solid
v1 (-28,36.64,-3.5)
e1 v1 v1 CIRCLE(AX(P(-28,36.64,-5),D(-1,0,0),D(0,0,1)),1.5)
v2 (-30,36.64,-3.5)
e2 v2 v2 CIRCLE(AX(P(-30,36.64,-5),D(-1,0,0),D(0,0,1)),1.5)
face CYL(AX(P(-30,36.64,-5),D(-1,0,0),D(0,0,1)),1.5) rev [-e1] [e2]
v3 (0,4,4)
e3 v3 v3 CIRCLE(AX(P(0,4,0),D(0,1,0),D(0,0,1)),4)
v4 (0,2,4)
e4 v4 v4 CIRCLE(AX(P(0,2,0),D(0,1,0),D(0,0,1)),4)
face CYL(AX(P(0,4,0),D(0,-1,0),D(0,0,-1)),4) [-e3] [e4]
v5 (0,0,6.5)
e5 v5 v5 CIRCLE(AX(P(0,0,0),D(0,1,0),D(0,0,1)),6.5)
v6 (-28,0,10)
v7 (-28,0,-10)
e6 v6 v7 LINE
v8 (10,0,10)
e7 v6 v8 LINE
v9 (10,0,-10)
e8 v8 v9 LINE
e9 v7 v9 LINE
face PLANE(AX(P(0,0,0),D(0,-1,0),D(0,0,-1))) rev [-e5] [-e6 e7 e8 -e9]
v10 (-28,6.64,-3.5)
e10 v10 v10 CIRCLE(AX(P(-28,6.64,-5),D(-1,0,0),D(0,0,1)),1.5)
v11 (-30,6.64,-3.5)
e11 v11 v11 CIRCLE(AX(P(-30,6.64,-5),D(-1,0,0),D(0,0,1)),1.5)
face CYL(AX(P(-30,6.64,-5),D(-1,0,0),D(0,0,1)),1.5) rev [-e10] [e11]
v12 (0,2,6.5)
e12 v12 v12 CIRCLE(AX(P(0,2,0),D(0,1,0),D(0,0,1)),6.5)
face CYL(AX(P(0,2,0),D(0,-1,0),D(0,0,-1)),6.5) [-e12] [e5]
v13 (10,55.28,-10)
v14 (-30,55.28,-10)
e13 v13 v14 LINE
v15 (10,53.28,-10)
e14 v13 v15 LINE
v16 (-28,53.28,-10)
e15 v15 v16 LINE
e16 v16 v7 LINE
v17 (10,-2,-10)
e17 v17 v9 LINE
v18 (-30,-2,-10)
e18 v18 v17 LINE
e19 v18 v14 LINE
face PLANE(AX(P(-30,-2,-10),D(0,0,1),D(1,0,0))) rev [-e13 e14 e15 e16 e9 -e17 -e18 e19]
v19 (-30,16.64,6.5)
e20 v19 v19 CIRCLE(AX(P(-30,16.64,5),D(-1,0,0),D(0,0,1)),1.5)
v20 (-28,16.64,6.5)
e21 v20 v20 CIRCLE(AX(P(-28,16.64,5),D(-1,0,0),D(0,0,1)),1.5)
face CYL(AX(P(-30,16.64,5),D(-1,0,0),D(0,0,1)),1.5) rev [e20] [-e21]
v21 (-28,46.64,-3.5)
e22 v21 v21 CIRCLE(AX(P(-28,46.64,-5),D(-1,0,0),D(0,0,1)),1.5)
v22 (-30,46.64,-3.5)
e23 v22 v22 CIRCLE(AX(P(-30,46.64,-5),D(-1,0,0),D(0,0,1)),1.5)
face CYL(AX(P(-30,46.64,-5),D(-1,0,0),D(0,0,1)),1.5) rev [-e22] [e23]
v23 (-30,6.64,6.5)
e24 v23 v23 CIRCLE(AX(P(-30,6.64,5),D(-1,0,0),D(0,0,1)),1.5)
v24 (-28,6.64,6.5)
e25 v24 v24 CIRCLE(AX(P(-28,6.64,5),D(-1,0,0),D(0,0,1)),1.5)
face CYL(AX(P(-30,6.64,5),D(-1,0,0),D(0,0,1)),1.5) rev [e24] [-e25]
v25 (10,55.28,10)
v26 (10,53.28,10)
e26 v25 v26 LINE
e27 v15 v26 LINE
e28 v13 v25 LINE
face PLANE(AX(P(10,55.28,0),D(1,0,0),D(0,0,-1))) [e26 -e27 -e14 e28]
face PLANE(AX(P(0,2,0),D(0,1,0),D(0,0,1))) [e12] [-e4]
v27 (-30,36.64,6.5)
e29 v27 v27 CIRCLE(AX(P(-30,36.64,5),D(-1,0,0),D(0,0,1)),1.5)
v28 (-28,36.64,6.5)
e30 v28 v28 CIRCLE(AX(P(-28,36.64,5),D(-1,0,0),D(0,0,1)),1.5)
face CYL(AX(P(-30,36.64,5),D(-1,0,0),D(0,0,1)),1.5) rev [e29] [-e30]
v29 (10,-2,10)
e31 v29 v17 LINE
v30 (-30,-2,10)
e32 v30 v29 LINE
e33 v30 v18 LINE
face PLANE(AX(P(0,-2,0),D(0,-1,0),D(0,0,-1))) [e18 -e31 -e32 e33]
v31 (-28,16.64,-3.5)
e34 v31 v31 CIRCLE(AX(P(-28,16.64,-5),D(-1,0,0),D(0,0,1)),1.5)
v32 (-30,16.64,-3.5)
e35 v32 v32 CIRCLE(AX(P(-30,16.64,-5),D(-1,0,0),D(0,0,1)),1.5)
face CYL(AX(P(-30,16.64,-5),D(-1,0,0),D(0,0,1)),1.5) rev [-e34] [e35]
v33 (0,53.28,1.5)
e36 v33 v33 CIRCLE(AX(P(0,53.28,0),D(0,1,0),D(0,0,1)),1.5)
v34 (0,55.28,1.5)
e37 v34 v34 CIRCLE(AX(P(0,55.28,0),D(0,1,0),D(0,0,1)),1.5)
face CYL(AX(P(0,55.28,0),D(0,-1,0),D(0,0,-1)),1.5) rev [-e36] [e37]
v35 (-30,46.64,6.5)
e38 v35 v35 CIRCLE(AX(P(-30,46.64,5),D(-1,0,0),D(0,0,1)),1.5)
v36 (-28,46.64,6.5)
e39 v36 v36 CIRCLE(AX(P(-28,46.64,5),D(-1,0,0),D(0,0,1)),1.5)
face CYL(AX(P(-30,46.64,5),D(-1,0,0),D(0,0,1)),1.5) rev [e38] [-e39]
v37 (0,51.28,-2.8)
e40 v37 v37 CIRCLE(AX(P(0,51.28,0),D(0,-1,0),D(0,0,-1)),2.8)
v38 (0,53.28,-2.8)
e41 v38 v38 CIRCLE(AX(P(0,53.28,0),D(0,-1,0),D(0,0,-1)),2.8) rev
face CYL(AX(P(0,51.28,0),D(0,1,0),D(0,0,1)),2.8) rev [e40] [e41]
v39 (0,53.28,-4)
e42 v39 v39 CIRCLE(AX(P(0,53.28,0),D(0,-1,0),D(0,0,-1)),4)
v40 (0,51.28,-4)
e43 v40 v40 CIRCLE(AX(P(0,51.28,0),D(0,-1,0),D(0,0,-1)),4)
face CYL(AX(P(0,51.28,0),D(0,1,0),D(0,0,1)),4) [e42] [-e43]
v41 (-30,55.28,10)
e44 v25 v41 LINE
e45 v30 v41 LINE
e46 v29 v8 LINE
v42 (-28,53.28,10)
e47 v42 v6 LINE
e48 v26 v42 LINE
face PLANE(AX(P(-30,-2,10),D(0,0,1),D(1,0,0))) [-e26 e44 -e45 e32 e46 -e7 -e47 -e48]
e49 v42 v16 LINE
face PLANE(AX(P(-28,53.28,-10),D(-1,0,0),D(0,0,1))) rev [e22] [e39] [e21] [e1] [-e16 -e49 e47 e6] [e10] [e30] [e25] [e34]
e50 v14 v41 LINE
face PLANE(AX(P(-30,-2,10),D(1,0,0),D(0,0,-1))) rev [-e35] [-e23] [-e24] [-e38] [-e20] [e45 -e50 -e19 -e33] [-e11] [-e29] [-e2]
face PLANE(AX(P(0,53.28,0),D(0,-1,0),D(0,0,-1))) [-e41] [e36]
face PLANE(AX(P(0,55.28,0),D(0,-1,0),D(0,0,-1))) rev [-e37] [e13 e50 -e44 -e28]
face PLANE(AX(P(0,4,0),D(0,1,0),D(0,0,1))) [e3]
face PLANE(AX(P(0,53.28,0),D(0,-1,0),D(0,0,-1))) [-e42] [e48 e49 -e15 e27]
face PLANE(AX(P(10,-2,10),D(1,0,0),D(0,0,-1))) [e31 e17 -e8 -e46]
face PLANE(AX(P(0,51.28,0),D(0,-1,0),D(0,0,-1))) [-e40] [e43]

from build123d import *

# Parameters (mm, degrees)
SKETCH1_R                 = 6.5
SKETCH1_R_2               = 4
SKETCH1_R_3               = 2.8
SKETCH1_R_4               = 1.5
BOSS_EXTRUDE1_DEPTH       = 2
BOSS_EXTRUDE2_START       = 2
SKETCH1_3_R               = 4
SKETCH1_3_R_2             = 2.8
SKETCH1_3_R_3             = 1.5
BOSS_EXTRUDE2_DEPTH       = 2
SKETCH1_4_W               = 40
SKETCH1_4_H               = 20
BOSS_EXTRUDE3_DEPTH       = 2
SKETCH2_W                 = 2
SKETCH2_H                 = 20
BOSS_EXTRUDE4_DEPTH       = 53.28
BOSS_EXTRUDE5_START       = 53.28
SKETCH1_5_W               = 40
SKETCH1_5_H               = 20
SKETCH1_5_R               = 6.5
SKETCH1_5_R_2             = 4
SKETCH1_5_R_3             = 2.8
SKETCH1_5_R_4             = 1.5
BOSS_EXTRUDE5_DEPTH       = 2
BOSS_EXTRUDE6_START       = 51.28
SKETCH1_6_R               = 4
SKETCH1_6_R_2             = 2.8
BOSS_EXTRUDE6_DEPTH       = 2
F_3_0MM_DOWEL_HOLE1_D     = 3
F_3_0MM_DOWEL_HOLE1_DEPTH = 7
F_3_0MM_DOWEL_HOLE1_TIP   = 0.901290929


with BuildPart() as part:
    # Sketch1 → Boss-Extrude1 (new body)
    # profile 1 of 4: a face of its own
    with BuildSketch(Plane(origin=(0, 0, 0), x_dir=(1, 0, 0), z_dir=(0, 1, 0))):
        with Locations(Location((0, 0, 0), (0, 0, 270))):
            Circle(SKETCH1_R)
        Circle(SKETCH1_R_2, mode=Mode.SUBTRACT)
    # profile 2 of 4: a face of its own
    with BuildSketch(Plane(origin=(0, 0, 0), x_dir=(1, 0, 0), z_dir=(0, 1, 0))):
        Circle(SKETCH1_R_2)
        Circle(SKETCH1_R_3, mode=Mode.SUBTRACT)
    # profile 3 of 4: a face of its own
    with BuildSketch(Plane(origin=(0, 0, 0), x_dir=(1, 0, 0), z_dir=(0, 1, 0))):
        Circle(SKETCH1_R_3)
        Circle(SKETCH1_R_4, mode=Mode.SUBTRACT)
    # profile 4 of 4: a face of its own
    with BuildSketch(Plane(origin=(0, 0, 0), x_dir=(1, 0, 0), z_dir=(0, 1, 0))):
        Circle(SKETCH1_R_4)
    extrude(amount=BOSS_EXTRUDE1_DEPTH)

    # Sketch1<3> → Boss-Extrude2 (add)
    # profile 1 of 3: a face of its own
    with BuildSketch(Plane(origin=(0, 0, 0), x_dir=(1, 0, 0), z_dir=(0, 1, 0)).offset(BOSS_EXTRUDE2_START)):
        with Locations(Location((0, 0, 0), (0, 0, 270))):
            Circle(SKETCH1_3_R)
        Circle(SKETCH1_3_R_2, mode=Mode.SUBTRACT)
    # profile 2 of 3: a face of its own
    with BuildSketch(Plane(origin=(0, 0, 0), x_dir=(1, 0, 0), z_dir=(0, 1, 0)).offset(BOSS_EXTRUDE2_START)):
        Circle(SKETCH1_3_R_2)
        Circle(SKETCH1_3_R_3, mode=Mode.SUBTRACT)
    # profile 3 of 3: a face of its own
    with BuildSketch(Plane(origin=(0, 0, 0), x_dir=(1, 0, 0), z_dir=(0, 1, 0)).offset(BOSS_EXTRUDE2_START)):
        Circle(SKETCH1_3_R_3)
    extrude(amount=BOSS_EXTRUDE2_DEPTH)

    # Sketch1<4> → Boss-Extrude3 (add)
    with BuildSketch(Plane(origin=(0, 0, 0), x_dir=(1, 0, 0), z_dir=(0, 1, 0))):
        with Locations((-10, 0)):
            Rectangle(SKETCH1_4_W, SKETCH1_4_H)
    extrude(amount=-BOSS_EXTRUDE3_DEPTH)

    # Sketch2 → Boss-Extrude4 (add)
    with BuildSketch(Plane(origin=(0, 0, 0), x_dir=(1, 0, 0), z_dir=(0, 1, 0))):
        with Locations((-29, 0)):
            Rectangle(SKETCH2_W, SKETCH2_H)
    extrude(amount=BOSS_EXTRUDE4_DEPTH)

    # Sketch1<5> → Boss-Extrude5 (add)
    # profile 1 of 4: a face of its own
    with BuildSketch(Plane(origin=(0, 0, 0), x_dir=(1, 0, 0), z_dir=(0, 1, 0)).offset(BOSS_EXTRUDE5_START)):
        with Locations((-10, 0)):
            Rectangle(SKETCH1_5_W, SKETCH1_5_H)
        with Locations(Location((0, 0, 0), (0, 0, 270))):
            Circle(SKETCH1_5_R, mode=Mode.SUBTRACT)
    # profile 2 of 4: a face of its own
    with BuildSketch(Plane(origin=(0, 0, 0), x_dir=(1, 0, 0), z_dir=(0, 1, 0)).offset(BOSS_EXTRUDE5_START)):
        with Locations(Location((0, 0, 0), (0, 0, 270))):
            Circle(SKETCH1_5_R)
        with Locations(Location((0, 0, 0), (0, 0, 270))):
            Circle(SKETCH1_5_R_2, mode=Mode.SUBTRACT)
    # profile 3 of 4: a face of its own
    with BuildSketch(Plane(origin=(0, 0, 0), x_dir=(1, 0, 0), z_dir=(0, 1, 0)).offset(BOSS_EXTRUDE5_START)):
        with Locations(Location((0, 0, 0), (0, 0, 270))):
            Circle(SKETCH1_5_R_2)
        Circle(SKETCH1_5_R_3, mode=Mode.SUBTRACT)
    # profile 4 of 4: a face of its own
    with BuildSketch(Plane(origin=(0, 0, 0), x_dir=(1, 0, 0), z_dir=(0, 1, 0)).offset(BOSS_EXTRUDE5_START)):
        Circle(SKETCH1_5_R_3)
        with Locations(Location((0, 0, 0), (0, 0, 270))):
            Circle(SKETCH1_5_R_4, mode=Mode.SUBTRACT)
    extrude(amount=BOSS_EXTRUDE5_DEPTH)

    # Sketch1<6> → Boss-Extrude6 (add)
    with BuildSketch(Plane(origin=(0, 0, 0), x_dir=(1, 0, 0), z_dir=(0, 1, 0)).offset(BOSS_EXTRUDE6_START)):
        with Locations(Location((0, 0, 0), (0, 0, 270))):
            Circle(SKETCH1_6_R)
        with Locations(Location((0, 0, 0), (0, 0, 90))):
            Circle(SKETCH1_6_R_2, mode=Mode.SUBTRACT)
    extrude(amount=BOSS_EXTRUDE6_DEPTH)

    # Ø3.0mm Dowel Hole1
    with Locations(Plane.ZY.offset(30)):
        with Locations((-5, 46.64), (5, 46.64), (-5, 36.64), (5, 36.64), (-5, 16.64), (5, 16.64), (-5, 6.64), (5, 6.64)):
            Hole(F_3_0MM_DOWEL_HOLE1_D / 2, depth=F_3_0MM_DOWEL_HOLE1_DEPTH)
            with Locations((0, 0, -(F_3_0MM_DOWEL_HOLE1_DEPTH + F_3_0MM_DOWEL_HOLE1_TIP / 2))):  # 118° drill point
                Cone(0, F_3_0MM_DOWEL_HOLE1_D / 2, F_3_0MM_DOWEL_HOLE1_TIP, mode=Mode.SUBTRACT)


solid = part.part
